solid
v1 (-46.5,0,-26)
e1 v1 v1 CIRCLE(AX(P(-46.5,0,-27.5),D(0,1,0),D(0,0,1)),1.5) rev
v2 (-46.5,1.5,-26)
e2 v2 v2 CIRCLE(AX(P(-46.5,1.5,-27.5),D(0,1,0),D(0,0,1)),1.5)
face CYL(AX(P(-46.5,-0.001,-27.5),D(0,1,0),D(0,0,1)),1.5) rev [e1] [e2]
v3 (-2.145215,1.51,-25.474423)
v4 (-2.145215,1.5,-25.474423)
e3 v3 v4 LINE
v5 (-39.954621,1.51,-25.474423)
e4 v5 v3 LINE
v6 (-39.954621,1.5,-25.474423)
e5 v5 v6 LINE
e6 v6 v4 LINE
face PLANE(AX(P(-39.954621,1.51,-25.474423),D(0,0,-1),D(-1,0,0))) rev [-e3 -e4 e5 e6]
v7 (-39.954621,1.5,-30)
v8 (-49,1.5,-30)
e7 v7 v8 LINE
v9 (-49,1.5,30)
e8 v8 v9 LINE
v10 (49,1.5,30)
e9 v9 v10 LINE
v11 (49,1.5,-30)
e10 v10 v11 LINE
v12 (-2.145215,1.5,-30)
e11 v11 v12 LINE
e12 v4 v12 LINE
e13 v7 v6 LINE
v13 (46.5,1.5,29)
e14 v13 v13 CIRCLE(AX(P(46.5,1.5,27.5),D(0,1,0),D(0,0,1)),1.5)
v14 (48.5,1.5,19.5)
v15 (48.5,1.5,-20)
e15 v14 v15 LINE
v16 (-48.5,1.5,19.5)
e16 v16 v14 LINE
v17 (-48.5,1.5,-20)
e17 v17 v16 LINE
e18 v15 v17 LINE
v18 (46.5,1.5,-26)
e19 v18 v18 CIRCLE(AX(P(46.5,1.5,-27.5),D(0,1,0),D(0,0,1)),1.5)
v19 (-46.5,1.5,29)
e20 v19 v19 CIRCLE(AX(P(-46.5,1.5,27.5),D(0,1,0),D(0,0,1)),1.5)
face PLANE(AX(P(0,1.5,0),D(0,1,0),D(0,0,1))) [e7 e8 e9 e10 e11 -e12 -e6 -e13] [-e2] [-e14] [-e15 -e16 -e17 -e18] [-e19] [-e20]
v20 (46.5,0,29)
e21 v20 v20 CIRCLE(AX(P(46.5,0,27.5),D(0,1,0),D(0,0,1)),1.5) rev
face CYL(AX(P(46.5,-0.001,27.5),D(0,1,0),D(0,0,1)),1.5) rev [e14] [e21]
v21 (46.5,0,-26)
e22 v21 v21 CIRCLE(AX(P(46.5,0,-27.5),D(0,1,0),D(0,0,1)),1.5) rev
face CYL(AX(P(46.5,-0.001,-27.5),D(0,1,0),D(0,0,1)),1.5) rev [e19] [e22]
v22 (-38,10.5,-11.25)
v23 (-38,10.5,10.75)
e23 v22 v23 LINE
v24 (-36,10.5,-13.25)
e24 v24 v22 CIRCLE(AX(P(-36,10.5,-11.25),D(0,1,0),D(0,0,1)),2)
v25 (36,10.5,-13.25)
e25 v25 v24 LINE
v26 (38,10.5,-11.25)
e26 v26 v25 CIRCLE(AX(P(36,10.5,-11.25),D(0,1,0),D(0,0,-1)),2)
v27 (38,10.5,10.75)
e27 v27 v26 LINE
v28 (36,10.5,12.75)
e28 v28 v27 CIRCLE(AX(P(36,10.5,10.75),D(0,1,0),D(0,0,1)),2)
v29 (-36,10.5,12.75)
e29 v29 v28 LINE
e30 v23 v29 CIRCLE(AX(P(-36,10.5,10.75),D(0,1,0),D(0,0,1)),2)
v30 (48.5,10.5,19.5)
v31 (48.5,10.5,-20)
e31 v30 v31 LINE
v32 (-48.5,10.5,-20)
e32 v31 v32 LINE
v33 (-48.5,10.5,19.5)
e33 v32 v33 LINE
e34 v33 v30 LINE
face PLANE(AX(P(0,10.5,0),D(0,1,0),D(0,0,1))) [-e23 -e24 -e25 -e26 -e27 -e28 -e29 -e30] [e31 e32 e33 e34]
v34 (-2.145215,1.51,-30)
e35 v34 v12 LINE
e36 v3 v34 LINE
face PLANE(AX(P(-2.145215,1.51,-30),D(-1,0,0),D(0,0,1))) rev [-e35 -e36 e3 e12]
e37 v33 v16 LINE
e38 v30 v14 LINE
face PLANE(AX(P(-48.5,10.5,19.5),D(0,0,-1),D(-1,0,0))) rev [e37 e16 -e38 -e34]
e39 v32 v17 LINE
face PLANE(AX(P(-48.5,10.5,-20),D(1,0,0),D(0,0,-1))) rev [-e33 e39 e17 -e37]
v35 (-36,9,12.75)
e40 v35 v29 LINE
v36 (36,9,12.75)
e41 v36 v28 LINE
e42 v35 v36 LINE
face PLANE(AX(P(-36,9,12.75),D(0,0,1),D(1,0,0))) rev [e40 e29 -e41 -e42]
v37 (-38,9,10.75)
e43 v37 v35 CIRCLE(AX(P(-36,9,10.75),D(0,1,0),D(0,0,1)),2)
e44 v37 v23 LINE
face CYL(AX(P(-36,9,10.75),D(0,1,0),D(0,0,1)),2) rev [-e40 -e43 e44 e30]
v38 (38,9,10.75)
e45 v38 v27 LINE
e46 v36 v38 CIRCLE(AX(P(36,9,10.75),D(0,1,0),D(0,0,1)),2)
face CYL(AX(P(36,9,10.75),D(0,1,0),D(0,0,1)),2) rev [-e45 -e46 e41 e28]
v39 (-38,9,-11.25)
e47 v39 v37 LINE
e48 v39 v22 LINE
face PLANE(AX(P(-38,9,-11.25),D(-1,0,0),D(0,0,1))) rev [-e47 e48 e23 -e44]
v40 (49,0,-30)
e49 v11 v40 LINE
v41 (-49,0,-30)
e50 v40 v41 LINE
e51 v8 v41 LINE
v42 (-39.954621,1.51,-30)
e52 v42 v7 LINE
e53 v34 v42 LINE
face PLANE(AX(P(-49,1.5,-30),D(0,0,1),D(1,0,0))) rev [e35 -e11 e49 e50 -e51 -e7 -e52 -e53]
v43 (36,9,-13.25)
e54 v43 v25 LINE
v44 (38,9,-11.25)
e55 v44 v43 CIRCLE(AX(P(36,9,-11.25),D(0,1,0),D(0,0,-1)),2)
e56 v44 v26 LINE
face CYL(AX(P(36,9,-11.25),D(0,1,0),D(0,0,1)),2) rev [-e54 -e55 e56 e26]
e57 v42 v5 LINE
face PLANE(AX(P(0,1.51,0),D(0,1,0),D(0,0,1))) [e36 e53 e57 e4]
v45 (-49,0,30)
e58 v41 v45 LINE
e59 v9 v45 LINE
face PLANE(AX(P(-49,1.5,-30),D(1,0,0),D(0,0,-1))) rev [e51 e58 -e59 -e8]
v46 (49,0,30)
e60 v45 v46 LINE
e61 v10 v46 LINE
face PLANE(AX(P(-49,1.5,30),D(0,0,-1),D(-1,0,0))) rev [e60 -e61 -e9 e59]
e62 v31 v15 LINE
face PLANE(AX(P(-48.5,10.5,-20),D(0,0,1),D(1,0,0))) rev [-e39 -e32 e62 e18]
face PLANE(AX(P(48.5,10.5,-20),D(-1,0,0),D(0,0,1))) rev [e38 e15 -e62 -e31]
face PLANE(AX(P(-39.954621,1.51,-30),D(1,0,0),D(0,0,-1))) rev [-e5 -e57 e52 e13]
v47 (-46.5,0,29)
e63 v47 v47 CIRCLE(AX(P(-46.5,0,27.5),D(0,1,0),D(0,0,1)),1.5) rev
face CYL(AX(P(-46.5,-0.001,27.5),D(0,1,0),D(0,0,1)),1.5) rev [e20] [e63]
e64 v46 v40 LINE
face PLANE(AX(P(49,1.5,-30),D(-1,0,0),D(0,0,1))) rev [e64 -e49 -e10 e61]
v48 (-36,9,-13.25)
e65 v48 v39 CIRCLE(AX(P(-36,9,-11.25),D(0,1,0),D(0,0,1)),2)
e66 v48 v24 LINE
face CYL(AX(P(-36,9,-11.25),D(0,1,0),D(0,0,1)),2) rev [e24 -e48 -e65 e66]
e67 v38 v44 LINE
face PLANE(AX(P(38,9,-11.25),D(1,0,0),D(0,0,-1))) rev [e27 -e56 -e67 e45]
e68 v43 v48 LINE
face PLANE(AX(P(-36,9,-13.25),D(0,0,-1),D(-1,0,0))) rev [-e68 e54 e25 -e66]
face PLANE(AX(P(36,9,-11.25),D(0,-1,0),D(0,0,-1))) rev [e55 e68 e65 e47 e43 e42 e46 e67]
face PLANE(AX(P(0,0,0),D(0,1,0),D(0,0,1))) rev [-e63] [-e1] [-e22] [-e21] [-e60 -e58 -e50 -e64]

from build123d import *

# Parameters (mm, degrees)
SKETCH1_W           = 98
SKETCH1_H           = 60
BOSS_EXTRUDE1_DEPTH = 1.5
SKETCH2_W           = 97
SKETCH2_H           = 39.5
BOSS_EXTRUDE2_DEPTH = 9
CUT_EXTRUDE1_DEPTH  = 1.5
CUT_EXTRUDE2_REACH  = 60.155
SKETCH4_R           = 1.5
SKETCH5_W           = 37.809406893
SKETCH5_H           = 4.525576916
BOSS_EXTRUDE3_DEPTH = 0.01


with BuildPart() as part:
    # Sketch1 → Boss-Extrude1 (new body)
    with BuildSketch(Plane(origin=(0, 0, 0), x_dir=(1, 0, 0), z_dir=(0, 1, 0))):
        Rectangle(SKETCH1_W, SKETCH1_H)
    extrude(amount=BOSS_EXTRUDE1_DEPTH)

    # Sketch2 → Boss-Extrude2 (add)
    with BuildSketch(Plane(origin=(0, 1.5, 0), x_dir=(1, 0, 0), z_dir=(0, 1, 0))):
        with Locations((0, 0.25)):
            Rectangle(SKETCH2_W, SKETCH2_H)
    extrude(amount=BOSS_EXTRUDE2_DEPTH)

    # Sketch3 → Cut-Extrude1 (cut)
    with BuildSketch(Plane(origin=(0, 10.5, 0), x_dir=(1, 0, 0), z_dir=(0, 1, 0))):
        with BuildLine():
            Line((-36, 13.25), (36, 13.25))
            ThreePointArc((36, 13.25), (37.414213562, 12.664213562), (38, 11.25))
            Line((38, 11.25), (38, -10.75))
            ThreePointArc((38, -10.75), (37.414213562, -12.164213562), (36, -12.75))
            Line((36, -12.75), (-36, -12.75))
            ThreePointArc((-36, -12.75), (-37.414213562, -12.164213562), (-38, -10.75))
            Line((-38, -10.75), (-38, 11.25))
            ThreePointArc((-38, 11.25), (-37.414213562, 12.664213562), (-36, 13.25))
        make_face()
    extrude(amount=-CUT_EXTRUDE1_DEPTH, mode=Mode.SUBTRACT)

    # Sketch4 → Cut-Extrude2 (cut, up to next)
    with BuildSketch(Plane(origin=(0, 1.5, 0), x_dir=(1, 0, 0), z_dir=(0, 1, 0)), mode=Mode.PRIVATE) as cut_extrude2_sk1:
        with Locations(Location((-46.5, 27.5, 0), (0, 0, 270))):
            Circle(SKETCH4_R)
    cut_extrude2_tool1 = extrude(cut_extrude2_sk1.sketch, amount=-CUT_EXTRUDE2_REACH, mode=Mode.PRIVATE) & part.part
    # Sketch4 → Cut-Extrude2 (cut, up to next)
    with BuildSketch(Plane(origin=(0, 1.5, 0), x_dir=(1, 0, 0), z_dir=(0, 1, 0)), mode=Mode.PRIVATE) as cut_extrude2_sk2:
        with Locations(Location((46.5, 27.5, 0), (0, 0, 270))):
            Circle(SKETCH4_R)
    cut_extrude2_tool2 = extrude(cut_extrude2_sk2.sketch, amount=-CUT_EXTRUDE2_REACH, mode=Mode.PRIVATE) & part.part
    # Sketch4 → Cut-Extrude2 (cut, up to next)
    with BuildSketch(Plane(origin=(0, 1.5, 0), x_dir=(1, 0, 0), z_dir=(0, 1, 0)), mode=Mode.PRIVATE) as cut_extrude2_sk3:
        with Locations(Location((46.5, -27.5, 0), (0, 0, 270))):
            Circle(SKETCH4_R)
    cut_extrude2_tool3 = extrude(cut_extrude2_sk3.sketch, amount=-CUT_EXTRUDE2_REACH, mode=Mode.PRIVATE) & part.part
    # Sketch4 → Cut-Extrude2 (cut, up to next)
    with BuildSketch(Plane(origin=(0, 1.5, 0), x_dir=(1, 0, 0), z_dir=(0, 1, 0)), mode=Mode.PRIVATE) as cut_extrude2_sk4:
        with Locations(Location((-46.5, -27.5, 0), (0, 0, 270))):
            Circle(SKETCH4_R)
    cut_extrude2_tool4 = extrude(cut_extrude2_sk4.sketch, amount=-CUT_EXTRUDE2_REACH, mode=Mode.PRIVATE) & part.part
    add(cut_extrude2_tool1.solids().sort_by_distance((-46.5, 1.5, -27.5))[0], mode=Mode.SUBTRACT)
    add(cut_extrude2_tool2.solids().sort_by_distance((46.5, 1.5, -27.5))[0], mode=Mode.SUBTRACT)
    add(cut_extrude2_tool3.solids().sort_by_distance((46.5, 1.5, 27.5))[0], mode=Mode.SUBTRACT)
    add(cut_extrude2_tool4.solids().sort_by_distance((-46.5, 1.5, 27.5))[0], mode=Mode.SUBTRACT)

    # Sketch5 → Boss-Extrude3 (add)
    with BuildSketch(Plane(origin=(0, 1.5, 0), x_dir=(1, 0, 0), z_dir=(0, 1, 0))):
        with Locations((-21.049918021, 27.737211542)):
            Rectangle(SKETCH5_W, SKETCH5_H)
    extrude(amount=BOSS_EXTRUDE3_DEPTH)


solid = part.part
